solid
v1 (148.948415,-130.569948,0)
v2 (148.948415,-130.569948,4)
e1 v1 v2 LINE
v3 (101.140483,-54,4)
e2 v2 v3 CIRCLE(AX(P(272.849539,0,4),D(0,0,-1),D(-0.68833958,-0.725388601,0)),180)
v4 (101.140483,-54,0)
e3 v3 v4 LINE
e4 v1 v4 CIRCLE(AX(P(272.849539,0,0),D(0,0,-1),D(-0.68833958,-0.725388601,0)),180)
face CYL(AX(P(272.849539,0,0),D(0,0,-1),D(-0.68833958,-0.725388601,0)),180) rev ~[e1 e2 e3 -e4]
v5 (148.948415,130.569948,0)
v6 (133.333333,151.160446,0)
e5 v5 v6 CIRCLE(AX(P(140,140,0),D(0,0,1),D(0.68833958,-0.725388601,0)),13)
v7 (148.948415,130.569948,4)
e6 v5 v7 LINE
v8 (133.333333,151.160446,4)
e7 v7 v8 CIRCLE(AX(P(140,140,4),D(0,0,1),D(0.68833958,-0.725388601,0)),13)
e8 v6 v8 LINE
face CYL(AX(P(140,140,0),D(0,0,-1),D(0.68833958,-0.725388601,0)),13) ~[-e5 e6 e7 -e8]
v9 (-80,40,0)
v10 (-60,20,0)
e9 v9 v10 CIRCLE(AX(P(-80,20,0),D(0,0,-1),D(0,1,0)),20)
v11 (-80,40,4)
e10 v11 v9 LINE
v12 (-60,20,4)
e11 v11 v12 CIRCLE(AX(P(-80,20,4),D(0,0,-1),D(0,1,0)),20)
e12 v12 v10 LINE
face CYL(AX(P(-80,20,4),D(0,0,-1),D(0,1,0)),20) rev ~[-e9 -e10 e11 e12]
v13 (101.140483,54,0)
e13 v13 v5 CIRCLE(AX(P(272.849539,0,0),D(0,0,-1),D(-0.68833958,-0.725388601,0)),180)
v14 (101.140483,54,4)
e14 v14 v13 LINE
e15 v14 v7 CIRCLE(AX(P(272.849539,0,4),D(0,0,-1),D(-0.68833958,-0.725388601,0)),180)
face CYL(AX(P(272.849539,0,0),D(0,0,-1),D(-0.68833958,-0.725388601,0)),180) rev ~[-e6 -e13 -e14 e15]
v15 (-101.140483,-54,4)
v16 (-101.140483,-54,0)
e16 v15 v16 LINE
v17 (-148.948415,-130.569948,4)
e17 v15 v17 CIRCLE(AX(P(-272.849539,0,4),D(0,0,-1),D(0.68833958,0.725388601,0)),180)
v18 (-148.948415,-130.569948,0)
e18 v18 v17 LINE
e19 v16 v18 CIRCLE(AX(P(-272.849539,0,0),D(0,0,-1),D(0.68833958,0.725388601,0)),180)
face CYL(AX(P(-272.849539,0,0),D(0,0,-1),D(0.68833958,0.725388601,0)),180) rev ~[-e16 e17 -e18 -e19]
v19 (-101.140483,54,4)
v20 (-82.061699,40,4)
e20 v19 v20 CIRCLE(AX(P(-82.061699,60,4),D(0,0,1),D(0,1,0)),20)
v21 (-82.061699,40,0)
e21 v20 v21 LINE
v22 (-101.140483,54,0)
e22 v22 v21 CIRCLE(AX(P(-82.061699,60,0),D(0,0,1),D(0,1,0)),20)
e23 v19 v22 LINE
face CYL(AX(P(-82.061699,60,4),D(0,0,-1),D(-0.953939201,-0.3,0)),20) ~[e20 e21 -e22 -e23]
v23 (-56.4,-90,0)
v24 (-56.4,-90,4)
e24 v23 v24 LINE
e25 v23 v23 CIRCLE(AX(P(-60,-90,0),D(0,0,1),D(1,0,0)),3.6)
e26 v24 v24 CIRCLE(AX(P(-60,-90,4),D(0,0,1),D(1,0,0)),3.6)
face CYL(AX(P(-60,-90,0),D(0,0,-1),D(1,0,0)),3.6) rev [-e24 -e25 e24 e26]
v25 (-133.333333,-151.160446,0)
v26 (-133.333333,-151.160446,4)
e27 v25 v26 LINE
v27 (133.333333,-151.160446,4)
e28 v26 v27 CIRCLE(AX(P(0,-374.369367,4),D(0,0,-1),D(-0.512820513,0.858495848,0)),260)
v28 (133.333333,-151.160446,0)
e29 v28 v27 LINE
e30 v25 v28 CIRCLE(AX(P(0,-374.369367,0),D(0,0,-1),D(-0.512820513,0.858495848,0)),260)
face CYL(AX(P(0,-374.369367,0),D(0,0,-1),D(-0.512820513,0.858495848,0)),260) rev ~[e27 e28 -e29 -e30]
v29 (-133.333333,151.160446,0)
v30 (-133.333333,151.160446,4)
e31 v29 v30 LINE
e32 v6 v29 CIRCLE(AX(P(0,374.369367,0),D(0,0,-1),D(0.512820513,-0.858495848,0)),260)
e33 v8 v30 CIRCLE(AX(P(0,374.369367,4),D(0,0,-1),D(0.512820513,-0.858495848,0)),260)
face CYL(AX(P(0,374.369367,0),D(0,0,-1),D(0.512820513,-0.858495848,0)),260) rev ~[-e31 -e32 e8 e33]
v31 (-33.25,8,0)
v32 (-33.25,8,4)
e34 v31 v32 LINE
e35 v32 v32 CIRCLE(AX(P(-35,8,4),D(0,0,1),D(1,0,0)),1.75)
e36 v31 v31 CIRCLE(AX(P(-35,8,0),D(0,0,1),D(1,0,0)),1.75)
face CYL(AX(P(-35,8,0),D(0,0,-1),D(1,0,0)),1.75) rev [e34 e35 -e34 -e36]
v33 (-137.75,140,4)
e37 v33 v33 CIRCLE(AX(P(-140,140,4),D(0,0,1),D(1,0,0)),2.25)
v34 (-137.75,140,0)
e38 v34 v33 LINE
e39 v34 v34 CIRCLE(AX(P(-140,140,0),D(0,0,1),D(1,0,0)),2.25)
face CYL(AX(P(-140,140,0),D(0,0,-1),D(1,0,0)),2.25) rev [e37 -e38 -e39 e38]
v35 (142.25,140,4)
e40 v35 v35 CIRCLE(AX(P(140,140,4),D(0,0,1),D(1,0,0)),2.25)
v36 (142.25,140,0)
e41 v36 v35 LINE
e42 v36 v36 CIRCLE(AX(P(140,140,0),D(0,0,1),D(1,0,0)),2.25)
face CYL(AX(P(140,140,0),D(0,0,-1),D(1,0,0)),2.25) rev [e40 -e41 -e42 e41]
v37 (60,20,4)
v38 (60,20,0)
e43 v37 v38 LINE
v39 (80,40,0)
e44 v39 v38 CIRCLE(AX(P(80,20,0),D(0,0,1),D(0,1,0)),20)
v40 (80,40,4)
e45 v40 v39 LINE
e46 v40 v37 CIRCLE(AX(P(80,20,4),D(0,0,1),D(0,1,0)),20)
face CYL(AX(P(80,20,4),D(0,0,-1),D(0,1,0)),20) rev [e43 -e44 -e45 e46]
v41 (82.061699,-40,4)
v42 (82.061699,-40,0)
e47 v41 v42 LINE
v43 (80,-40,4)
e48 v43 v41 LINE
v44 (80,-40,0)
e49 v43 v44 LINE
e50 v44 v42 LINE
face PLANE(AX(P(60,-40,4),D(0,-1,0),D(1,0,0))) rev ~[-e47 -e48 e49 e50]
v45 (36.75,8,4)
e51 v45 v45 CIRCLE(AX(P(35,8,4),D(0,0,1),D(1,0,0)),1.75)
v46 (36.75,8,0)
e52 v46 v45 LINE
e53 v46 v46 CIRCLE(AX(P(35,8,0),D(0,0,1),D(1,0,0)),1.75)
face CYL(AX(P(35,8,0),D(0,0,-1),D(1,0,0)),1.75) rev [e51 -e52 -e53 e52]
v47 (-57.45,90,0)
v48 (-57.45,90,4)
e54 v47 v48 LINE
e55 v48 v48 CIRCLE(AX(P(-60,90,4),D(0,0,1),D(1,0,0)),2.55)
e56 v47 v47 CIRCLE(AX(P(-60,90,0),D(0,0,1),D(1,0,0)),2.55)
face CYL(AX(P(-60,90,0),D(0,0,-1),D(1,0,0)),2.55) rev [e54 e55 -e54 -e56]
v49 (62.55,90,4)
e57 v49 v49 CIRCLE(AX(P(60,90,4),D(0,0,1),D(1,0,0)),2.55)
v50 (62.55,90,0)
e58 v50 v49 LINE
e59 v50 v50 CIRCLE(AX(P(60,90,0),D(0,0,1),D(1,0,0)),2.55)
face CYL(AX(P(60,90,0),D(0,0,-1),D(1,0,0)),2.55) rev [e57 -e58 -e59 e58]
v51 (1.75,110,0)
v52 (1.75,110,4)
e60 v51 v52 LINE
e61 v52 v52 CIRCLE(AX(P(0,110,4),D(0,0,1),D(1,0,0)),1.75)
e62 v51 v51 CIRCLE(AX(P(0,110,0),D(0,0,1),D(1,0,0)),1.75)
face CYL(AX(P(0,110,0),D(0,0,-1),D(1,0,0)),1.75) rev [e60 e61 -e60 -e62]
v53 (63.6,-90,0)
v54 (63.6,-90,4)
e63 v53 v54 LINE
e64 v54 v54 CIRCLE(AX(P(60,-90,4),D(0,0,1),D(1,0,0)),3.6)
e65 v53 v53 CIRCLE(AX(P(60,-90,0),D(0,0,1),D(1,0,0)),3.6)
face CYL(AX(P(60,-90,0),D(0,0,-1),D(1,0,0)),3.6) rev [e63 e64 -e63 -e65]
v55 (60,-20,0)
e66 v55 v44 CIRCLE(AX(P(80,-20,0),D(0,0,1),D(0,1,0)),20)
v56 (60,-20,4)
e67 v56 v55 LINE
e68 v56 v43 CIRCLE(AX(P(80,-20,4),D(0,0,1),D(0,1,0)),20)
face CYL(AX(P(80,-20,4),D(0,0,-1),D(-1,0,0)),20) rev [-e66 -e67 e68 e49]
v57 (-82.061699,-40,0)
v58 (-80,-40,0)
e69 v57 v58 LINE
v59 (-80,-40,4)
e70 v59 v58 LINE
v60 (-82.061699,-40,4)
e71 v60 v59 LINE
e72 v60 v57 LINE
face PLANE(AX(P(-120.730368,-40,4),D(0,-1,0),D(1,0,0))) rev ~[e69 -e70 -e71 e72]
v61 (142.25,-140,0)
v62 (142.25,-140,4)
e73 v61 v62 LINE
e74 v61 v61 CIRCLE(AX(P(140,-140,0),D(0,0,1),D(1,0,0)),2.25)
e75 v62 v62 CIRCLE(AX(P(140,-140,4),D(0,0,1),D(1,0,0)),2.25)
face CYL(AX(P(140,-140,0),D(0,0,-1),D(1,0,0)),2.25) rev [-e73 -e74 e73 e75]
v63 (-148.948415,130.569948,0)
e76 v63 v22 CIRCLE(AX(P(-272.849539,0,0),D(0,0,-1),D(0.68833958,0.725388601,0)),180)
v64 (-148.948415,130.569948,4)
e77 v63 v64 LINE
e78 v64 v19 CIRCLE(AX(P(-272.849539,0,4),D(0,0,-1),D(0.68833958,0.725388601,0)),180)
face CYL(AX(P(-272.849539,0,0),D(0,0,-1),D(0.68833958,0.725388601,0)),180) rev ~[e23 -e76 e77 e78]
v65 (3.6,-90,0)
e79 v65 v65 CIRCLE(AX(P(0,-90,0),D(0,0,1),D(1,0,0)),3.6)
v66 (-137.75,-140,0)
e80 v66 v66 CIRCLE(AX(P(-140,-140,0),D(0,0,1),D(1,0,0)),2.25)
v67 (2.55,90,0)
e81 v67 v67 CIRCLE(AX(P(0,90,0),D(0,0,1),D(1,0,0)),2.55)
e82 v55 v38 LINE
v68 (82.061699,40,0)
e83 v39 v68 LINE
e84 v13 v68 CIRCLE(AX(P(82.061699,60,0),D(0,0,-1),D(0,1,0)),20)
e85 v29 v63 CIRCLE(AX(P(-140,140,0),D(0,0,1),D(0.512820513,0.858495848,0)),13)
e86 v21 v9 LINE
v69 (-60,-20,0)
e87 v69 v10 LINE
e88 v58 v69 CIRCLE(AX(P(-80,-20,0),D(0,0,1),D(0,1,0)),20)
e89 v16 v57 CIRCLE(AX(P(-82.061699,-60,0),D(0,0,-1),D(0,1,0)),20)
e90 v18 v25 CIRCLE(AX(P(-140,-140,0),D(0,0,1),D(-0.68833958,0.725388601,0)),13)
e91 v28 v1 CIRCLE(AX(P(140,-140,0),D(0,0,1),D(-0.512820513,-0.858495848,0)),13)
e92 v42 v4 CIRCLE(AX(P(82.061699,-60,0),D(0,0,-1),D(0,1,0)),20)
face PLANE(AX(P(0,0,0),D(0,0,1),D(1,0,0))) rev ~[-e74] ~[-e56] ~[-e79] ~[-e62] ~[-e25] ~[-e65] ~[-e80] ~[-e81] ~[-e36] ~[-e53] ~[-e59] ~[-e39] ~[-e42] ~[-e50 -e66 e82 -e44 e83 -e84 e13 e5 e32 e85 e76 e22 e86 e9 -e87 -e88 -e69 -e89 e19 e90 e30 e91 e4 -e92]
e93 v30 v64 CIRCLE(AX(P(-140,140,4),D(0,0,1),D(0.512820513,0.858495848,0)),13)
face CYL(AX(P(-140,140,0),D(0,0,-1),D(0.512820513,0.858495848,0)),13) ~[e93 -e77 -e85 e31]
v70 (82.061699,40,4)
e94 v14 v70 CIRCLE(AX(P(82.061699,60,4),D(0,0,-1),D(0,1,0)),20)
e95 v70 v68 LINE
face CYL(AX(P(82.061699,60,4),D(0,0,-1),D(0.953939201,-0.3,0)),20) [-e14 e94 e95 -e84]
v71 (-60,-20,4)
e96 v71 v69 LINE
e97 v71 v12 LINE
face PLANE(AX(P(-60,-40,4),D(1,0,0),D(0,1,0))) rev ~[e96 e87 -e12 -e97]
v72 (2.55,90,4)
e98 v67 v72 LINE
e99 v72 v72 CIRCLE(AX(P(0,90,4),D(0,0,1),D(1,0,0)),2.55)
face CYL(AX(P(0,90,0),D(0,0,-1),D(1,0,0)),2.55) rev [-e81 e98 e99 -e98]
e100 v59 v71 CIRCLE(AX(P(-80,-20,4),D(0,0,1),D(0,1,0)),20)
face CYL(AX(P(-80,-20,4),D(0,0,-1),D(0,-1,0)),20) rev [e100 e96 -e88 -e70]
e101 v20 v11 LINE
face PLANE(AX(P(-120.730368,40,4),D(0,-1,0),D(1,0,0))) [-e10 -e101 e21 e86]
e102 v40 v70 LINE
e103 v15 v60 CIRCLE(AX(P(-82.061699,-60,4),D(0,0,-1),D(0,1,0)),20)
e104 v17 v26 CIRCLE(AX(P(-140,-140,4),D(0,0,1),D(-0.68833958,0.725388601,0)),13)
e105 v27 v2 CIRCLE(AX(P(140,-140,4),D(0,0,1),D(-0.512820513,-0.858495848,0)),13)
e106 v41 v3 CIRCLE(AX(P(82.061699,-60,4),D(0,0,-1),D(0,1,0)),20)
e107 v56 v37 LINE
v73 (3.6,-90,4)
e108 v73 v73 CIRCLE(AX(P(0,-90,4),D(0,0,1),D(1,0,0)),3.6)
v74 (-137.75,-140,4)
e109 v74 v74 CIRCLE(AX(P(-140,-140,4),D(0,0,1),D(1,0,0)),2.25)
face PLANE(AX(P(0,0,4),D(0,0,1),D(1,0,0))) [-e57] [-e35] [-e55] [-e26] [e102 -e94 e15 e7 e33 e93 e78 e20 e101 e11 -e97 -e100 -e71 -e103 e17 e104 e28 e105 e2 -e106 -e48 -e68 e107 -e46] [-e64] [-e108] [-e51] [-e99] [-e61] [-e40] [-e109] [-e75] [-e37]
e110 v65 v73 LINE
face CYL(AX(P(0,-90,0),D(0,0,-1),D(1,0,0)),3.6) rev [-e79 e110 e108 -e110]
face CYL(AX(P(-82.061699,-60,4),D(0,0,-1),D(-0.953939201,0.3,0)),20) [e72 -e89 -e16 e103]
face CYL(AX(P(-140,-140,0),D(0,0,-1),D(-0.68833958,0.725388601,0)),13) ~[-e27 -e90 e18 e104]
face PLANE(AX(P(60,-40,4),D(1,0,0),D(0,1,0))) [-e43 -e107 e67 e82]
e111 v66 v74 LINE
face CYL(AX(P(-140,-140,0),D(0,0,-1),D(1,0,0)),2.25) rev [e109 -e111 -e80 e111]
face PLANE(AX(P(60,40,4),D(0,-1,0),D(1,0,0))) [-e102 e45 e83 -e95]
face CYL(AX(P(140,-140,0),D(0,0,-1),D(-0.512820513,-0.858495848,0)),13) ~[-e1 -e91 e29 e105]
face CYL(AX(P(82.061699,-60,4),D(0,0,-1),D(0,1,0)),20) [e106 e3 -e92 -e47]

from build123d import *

# Parameters (mm, degrees)
SKETCH_1_R          = 2.55
SKETCH_1_R_2        = 3.6
SKETCH_1_R_3        = 2.25
SKETCH_1_R_4        = 1.75
EXTRUDE_1_DEPTH     = 4
SKETCH_2_W          = 60.730368491
SKETCH_2_H          = 80
CUT_EXTRUDE_1_DEPTH = 10
FILLET_1_R          = 20


with BuildPart() as part:
    # 草图1 → 凸台-拉伸1 (new body)
    with BuildSketch(Plane.XY):
        with BuildLine():
            ThreePointArc((-133.333333333, 151.160446029), (-150.358269338, 147.855332986), (-148.948414541, 130.569948187))
            ThreePointArc((-148.948414541, 130.569948187), (-92.849538953, 0), (-148.948414541, -130.569948187))
            ThreePointArc((-148.948414541, -130.569948187), (-150.358269338, -147.855332986), (-133.333333333, -151.160446029))
            ThreePointArc((-133.333333333, -151.160446029), (0, -114.369366599), (133.333333333, -151.160446029))
            ThreePointArc((133.333333333, -151.160446029), (150.358269338, -147.855332986), (148.948414541, -130.569948187))
            ThreePointArc((148.948414541, -130.569948187), (92.849538953, 0), (148.948414541, 130.569948187))
            ThreePointArc((148.948414541, 130.569948187), (150.358269338, 147.855332986), (133.333333333, 151.160446029))
            ThreePointArc((133.333333333, 151.160446029), (0, 114.369366599), (-133.333333333, 151.160446029))
        make_face()
        with Locations((0, 90)):
            Circle(SKETCH_1_R, mode=Mode.SUBTRACT)
        with Locations((0, -90)):
            Circle(SKETCH_1_R_2, mode=Mode.SUBTRACT)
        with Locations((60, 90)):
            Circle(SKETCH_1_R, mode=Mode.SUBTRACT)
        with Locations((60, -90)):
            Circle(SKETCH_1_R_2, mode=Mode.SUBTRACT)
        with Locations((-60, 90)):
            Circle(SKETCH_1_R, mode=Mode.SUBTRACT)
        with Locations((-60, -90)):
            Circle(SKETCH_1_R_2, mode=Mode.SUBTRACT)
        with Locations((-140, 140)):
            Circle(SKETCH_1_R_3, mode=Mode.SUBTRACT)
        with Locations((140, 140)):
            Circle(SKETCH_1_R_3, mode=Mode.SUBTRACT)
        with Locations((-140, -140)):
            Circle(SKETCH_1_R_3, mode=Mode.SUBTRACT)
        with Locations((140, -140)):
            Circle(SKETCH_1_R_3, mode=Mode.SUBTRACT)
        with Locations((-35, 8)):
            Circle(SKETCH_1_R_4, mode=Mode.SUBTRACT)
        with Locations((35, 8)):
            Circle(SKETCH_1_R_4, mode=Mode.SUBTRACT)
        with Locations((0, 110)):
            Circle(SKETCH_1_R_4, mode=Mode.SUBTRACT)
    extrude(amount=EXTRUDE_1_DEPTH)

    # 草图2 → 切除-拉伸1 (cut)
    with BuildSketch(Plane.XY.offset(4)):
        with Locations((-90.365184246, 0)):
            Rectangle(SKETCH_2_W, SKETCH_2_H)
        with Locations((90.365184246, 0)):
            Rectangle(SKETCH_2_W, SKETCH_2_H)
    extrude(amount=-CUT_EXTRUDE_1_DEPTH, mode=Mode.SUBTRACT)

    # 圆角1
    fillet_1_edges = [part.edges().sort_by_distance(p)[0] for p in [
        (60, -40, 2),
        (60, 40, 2),
        (-97.350251205, -40, 2),
        (-97.350251205, 40, 2),
        (-60, 40, 2),
        (-60, -40, 2),
        (97.350251205, 40, 2),
        (97.350251205, -40, 2),
    ]]
    fillet(fillet_1_edges, radius=FILLET_1_R)


solid = part.part
